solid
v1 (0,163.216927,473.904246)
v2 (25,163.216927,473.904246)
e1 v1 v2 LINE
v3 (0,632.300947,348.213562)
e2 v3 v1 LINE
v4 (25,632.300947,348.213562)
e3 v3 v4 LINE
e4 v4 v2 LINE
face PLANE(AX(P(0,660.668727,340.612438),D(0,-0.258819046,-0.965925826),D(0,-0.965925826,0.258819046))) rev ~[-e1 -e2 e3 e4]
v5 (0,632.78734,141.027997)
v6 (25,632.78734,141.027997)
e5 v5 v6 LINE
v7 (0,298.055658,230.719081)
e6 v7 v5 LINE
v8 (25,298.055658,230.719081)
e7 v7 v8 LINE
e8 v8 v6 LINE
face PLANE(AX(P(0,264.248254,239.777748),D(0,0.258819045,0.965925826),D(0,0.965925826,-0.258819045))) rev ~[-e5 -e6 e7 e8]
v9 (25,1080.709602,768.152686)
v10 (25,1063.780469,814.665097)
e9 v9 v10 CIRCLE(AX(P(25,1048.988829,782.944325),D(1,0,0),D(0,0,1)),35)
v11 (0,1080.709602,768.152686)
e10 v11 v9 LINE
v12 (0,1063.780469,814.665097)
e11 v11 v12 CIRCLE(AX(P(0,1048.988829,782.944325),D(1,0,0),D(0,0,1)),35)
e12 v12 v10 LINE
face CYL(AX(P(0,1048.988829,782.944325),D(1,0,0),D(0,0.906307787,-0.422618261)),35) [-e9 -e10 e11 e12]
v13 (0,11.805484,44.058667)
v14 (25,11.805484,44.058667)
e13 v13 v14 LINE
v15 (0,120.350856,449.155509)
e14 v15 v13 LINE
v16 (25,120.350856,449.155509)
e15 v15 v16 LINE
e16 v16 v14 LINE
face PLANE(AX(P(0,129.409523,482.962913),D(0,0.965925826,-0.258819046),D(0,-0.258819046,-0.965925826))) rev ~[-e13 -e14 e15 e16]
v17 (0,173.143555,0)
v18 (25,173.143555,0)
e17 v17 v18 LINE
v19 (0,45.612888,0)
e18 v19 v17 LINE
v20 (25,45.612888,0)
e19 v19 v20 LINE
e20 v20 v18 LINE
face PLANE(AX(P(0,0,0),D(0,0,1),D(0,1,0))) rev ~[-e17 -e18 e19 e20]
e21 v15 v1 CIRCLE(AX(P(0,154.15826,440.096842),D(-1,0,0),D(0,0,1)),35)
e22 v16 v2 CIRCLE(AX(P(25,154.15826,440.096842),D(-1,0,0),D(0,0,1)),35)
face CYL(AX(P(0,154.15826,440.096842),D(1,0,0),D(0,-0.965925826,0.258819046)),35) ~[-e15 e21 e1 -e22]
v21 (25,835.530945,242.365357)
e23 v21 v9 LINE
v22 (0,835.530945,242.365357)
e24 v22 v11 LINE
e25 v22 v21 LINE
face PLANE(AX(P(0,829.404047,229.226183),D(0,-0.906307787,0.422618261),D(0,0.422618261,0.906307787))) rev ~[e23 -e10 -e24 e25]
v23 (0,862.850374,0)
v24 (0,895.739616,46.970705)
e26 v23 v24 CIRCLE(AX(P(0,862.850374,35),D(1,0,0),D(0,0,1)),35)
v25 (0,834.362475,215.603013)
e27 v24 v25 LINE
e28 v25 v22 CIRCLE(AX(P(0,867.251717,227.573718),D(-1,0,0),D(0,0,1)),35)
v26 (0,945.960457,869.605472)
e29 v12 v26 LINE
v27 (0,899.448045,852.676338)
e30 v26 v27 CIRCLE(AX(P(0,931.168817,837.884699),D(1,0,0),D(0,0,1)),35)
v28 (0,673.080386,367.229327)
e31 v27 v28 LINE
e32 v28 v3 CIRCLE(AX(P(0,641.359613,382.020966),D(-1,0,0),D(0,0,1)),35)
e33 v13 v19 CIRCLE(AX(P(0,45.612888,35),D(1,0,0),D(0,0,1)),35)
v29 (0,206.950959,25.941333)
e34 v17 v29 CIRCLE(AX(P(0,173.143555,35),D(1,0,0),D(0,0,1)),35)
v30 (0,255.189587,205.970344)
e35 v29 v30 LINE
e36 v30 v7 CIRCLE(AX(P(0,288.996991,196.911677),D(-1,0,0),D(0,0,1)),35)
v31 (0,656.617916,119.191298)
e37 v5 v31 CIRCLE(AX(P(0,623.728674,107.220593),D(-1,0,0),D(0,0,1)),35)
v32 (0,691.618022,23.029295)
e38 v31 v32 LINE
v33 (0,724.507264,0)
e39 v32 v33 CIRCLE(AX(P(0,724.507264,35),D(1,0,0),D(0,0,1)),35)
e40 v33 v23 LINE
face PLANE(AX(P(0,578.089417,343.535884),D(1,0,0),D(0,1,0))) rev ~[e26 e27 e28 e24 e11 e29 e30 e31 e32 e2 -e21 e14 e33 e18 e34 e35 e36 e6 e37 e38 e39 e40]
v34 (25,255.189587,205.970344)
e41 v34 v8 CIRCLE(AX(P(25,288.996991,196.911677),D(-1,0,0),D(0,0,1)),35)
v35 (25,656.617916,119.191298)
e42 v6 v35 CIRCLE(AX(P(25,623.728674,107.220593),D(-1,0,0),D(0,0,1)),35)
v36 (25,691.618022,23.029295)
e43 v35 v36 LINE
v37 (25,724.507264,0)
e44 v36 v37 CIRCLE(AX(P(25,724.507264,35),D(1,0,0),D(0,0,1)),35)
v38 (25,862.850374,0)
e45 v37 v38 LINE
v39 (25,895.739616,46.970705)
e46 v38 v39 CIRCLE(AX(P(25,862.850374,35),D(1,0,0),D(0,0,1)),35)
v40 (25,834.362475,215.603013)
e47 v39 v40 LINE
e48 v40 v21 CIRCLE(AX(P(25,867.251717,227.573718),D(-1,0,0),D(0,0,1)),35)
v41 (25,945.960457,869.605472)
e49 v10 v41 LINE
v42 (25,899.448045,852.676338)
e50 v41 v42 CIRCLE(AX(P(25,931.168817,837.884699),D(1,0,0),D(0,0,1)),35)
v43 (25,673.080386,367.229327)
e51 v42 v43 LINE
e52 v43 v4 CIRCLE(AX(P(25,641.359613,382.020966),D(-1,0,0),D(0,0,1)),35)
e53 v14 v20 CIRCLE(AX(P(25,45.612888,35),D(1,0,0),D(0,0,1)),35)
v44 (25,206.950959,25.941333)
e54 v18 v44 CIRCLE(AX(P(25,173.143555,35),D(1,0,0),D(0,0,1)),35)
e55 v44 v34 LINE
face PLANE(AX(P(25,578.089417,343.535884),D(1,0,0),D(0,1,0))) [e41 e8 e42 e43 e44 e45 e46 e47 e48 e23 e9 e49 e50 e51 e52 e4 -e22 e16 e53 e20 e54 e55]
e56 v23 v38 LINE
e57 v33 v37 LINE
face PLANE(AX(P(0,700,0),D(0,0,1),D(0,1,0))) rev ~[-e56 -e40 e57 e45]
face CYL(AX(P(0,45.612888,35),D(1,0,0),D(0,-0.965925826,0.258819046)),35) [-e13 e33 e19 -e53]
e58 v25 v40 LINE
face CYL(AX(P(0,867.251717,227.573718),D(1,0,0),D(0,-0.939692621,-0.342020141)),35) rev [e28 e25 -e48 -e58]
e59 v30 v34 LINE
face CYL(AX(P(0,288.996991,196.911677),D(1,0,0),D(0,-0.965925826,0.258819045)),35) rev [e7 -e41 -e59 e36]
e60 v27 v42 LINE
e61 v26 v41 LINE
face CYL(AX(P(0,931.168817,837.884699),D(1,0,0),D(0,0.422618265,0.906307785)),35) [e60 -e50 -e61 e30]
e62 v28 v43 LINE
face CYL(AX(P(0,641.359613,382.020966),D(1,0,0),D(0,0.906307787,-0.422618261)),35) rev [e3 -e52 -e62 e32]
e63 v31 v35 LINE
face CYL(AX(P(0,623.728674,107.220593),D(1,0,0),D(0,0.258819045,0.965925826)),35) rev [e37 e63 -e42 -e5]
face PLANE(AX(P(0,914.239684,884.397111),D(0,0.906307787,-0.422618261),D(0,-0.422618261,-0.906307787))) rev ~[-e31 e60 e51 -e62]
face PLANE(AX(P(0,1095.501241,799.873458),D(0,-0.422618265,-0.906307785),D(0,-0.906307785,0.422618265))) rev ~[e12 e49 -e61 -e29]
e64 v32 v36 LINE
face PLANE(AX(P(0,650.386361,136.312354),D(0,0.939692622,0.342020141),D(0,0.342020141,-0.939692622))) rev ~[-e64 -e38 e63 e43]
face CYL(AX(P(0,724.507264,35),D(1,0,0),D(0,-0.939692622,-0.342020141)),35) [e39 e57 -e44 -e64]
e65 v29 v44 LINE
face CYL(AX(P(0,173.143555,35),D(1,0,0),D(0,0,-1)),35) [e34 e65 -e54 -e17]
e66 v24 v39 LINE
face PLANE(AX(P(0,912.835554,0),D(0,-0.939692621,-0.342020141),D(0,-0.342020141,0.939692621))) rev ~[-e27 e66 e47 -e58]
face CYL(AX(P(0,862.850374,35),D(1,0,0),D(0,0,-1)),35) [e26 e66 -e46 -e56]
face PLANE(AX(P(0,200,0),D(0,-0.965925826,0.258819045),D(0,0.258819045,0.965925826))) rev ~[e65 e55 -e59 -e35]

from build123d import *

# Parameters (mm, degrees)
F1_DEPTH = 25
F2_R     = 35


with BuildPart() as f1:
    # F0 (on Right) → F1 (new body)
    with BuildSketch(Plane.YZ):
        Polygon((129.409523, 482.962913), (0, 0), (200, 0), (264.248254, 239.777748), (650.386361, 136.312354), (700, 0), (912.835554, 0), (829.404047, 229.226183), (1095.501241, 799.873458), (914.239684, 884.397111), (660.668727, 340.612438), align=None)
    extrude(amount=F1_DEPTH)

    # F2
    f2_edges = [f1.edges().sort_by_distance(p)[0] for p in [
        (12.5, 0, 0),
        (12.5, 129.409523, 482.962913),
        (12.5, 660.668727, 340.612438),
        (12.5, 914.239684, 884.397111),
        (12.5, 1095.501241, 799.873458),
        (12.5, 829.404047, 229.226183),
        (12.5, 912.835554, 0),
        (12.5, 700, 0),
        (12.5, 650.386361, 136.312354),
        (12.5, 200, 0),
        (12.5, 264.248254, 239.777748),
    ]]
    fillet(f2_edges, radius=F2_R)


solid = f1.part
